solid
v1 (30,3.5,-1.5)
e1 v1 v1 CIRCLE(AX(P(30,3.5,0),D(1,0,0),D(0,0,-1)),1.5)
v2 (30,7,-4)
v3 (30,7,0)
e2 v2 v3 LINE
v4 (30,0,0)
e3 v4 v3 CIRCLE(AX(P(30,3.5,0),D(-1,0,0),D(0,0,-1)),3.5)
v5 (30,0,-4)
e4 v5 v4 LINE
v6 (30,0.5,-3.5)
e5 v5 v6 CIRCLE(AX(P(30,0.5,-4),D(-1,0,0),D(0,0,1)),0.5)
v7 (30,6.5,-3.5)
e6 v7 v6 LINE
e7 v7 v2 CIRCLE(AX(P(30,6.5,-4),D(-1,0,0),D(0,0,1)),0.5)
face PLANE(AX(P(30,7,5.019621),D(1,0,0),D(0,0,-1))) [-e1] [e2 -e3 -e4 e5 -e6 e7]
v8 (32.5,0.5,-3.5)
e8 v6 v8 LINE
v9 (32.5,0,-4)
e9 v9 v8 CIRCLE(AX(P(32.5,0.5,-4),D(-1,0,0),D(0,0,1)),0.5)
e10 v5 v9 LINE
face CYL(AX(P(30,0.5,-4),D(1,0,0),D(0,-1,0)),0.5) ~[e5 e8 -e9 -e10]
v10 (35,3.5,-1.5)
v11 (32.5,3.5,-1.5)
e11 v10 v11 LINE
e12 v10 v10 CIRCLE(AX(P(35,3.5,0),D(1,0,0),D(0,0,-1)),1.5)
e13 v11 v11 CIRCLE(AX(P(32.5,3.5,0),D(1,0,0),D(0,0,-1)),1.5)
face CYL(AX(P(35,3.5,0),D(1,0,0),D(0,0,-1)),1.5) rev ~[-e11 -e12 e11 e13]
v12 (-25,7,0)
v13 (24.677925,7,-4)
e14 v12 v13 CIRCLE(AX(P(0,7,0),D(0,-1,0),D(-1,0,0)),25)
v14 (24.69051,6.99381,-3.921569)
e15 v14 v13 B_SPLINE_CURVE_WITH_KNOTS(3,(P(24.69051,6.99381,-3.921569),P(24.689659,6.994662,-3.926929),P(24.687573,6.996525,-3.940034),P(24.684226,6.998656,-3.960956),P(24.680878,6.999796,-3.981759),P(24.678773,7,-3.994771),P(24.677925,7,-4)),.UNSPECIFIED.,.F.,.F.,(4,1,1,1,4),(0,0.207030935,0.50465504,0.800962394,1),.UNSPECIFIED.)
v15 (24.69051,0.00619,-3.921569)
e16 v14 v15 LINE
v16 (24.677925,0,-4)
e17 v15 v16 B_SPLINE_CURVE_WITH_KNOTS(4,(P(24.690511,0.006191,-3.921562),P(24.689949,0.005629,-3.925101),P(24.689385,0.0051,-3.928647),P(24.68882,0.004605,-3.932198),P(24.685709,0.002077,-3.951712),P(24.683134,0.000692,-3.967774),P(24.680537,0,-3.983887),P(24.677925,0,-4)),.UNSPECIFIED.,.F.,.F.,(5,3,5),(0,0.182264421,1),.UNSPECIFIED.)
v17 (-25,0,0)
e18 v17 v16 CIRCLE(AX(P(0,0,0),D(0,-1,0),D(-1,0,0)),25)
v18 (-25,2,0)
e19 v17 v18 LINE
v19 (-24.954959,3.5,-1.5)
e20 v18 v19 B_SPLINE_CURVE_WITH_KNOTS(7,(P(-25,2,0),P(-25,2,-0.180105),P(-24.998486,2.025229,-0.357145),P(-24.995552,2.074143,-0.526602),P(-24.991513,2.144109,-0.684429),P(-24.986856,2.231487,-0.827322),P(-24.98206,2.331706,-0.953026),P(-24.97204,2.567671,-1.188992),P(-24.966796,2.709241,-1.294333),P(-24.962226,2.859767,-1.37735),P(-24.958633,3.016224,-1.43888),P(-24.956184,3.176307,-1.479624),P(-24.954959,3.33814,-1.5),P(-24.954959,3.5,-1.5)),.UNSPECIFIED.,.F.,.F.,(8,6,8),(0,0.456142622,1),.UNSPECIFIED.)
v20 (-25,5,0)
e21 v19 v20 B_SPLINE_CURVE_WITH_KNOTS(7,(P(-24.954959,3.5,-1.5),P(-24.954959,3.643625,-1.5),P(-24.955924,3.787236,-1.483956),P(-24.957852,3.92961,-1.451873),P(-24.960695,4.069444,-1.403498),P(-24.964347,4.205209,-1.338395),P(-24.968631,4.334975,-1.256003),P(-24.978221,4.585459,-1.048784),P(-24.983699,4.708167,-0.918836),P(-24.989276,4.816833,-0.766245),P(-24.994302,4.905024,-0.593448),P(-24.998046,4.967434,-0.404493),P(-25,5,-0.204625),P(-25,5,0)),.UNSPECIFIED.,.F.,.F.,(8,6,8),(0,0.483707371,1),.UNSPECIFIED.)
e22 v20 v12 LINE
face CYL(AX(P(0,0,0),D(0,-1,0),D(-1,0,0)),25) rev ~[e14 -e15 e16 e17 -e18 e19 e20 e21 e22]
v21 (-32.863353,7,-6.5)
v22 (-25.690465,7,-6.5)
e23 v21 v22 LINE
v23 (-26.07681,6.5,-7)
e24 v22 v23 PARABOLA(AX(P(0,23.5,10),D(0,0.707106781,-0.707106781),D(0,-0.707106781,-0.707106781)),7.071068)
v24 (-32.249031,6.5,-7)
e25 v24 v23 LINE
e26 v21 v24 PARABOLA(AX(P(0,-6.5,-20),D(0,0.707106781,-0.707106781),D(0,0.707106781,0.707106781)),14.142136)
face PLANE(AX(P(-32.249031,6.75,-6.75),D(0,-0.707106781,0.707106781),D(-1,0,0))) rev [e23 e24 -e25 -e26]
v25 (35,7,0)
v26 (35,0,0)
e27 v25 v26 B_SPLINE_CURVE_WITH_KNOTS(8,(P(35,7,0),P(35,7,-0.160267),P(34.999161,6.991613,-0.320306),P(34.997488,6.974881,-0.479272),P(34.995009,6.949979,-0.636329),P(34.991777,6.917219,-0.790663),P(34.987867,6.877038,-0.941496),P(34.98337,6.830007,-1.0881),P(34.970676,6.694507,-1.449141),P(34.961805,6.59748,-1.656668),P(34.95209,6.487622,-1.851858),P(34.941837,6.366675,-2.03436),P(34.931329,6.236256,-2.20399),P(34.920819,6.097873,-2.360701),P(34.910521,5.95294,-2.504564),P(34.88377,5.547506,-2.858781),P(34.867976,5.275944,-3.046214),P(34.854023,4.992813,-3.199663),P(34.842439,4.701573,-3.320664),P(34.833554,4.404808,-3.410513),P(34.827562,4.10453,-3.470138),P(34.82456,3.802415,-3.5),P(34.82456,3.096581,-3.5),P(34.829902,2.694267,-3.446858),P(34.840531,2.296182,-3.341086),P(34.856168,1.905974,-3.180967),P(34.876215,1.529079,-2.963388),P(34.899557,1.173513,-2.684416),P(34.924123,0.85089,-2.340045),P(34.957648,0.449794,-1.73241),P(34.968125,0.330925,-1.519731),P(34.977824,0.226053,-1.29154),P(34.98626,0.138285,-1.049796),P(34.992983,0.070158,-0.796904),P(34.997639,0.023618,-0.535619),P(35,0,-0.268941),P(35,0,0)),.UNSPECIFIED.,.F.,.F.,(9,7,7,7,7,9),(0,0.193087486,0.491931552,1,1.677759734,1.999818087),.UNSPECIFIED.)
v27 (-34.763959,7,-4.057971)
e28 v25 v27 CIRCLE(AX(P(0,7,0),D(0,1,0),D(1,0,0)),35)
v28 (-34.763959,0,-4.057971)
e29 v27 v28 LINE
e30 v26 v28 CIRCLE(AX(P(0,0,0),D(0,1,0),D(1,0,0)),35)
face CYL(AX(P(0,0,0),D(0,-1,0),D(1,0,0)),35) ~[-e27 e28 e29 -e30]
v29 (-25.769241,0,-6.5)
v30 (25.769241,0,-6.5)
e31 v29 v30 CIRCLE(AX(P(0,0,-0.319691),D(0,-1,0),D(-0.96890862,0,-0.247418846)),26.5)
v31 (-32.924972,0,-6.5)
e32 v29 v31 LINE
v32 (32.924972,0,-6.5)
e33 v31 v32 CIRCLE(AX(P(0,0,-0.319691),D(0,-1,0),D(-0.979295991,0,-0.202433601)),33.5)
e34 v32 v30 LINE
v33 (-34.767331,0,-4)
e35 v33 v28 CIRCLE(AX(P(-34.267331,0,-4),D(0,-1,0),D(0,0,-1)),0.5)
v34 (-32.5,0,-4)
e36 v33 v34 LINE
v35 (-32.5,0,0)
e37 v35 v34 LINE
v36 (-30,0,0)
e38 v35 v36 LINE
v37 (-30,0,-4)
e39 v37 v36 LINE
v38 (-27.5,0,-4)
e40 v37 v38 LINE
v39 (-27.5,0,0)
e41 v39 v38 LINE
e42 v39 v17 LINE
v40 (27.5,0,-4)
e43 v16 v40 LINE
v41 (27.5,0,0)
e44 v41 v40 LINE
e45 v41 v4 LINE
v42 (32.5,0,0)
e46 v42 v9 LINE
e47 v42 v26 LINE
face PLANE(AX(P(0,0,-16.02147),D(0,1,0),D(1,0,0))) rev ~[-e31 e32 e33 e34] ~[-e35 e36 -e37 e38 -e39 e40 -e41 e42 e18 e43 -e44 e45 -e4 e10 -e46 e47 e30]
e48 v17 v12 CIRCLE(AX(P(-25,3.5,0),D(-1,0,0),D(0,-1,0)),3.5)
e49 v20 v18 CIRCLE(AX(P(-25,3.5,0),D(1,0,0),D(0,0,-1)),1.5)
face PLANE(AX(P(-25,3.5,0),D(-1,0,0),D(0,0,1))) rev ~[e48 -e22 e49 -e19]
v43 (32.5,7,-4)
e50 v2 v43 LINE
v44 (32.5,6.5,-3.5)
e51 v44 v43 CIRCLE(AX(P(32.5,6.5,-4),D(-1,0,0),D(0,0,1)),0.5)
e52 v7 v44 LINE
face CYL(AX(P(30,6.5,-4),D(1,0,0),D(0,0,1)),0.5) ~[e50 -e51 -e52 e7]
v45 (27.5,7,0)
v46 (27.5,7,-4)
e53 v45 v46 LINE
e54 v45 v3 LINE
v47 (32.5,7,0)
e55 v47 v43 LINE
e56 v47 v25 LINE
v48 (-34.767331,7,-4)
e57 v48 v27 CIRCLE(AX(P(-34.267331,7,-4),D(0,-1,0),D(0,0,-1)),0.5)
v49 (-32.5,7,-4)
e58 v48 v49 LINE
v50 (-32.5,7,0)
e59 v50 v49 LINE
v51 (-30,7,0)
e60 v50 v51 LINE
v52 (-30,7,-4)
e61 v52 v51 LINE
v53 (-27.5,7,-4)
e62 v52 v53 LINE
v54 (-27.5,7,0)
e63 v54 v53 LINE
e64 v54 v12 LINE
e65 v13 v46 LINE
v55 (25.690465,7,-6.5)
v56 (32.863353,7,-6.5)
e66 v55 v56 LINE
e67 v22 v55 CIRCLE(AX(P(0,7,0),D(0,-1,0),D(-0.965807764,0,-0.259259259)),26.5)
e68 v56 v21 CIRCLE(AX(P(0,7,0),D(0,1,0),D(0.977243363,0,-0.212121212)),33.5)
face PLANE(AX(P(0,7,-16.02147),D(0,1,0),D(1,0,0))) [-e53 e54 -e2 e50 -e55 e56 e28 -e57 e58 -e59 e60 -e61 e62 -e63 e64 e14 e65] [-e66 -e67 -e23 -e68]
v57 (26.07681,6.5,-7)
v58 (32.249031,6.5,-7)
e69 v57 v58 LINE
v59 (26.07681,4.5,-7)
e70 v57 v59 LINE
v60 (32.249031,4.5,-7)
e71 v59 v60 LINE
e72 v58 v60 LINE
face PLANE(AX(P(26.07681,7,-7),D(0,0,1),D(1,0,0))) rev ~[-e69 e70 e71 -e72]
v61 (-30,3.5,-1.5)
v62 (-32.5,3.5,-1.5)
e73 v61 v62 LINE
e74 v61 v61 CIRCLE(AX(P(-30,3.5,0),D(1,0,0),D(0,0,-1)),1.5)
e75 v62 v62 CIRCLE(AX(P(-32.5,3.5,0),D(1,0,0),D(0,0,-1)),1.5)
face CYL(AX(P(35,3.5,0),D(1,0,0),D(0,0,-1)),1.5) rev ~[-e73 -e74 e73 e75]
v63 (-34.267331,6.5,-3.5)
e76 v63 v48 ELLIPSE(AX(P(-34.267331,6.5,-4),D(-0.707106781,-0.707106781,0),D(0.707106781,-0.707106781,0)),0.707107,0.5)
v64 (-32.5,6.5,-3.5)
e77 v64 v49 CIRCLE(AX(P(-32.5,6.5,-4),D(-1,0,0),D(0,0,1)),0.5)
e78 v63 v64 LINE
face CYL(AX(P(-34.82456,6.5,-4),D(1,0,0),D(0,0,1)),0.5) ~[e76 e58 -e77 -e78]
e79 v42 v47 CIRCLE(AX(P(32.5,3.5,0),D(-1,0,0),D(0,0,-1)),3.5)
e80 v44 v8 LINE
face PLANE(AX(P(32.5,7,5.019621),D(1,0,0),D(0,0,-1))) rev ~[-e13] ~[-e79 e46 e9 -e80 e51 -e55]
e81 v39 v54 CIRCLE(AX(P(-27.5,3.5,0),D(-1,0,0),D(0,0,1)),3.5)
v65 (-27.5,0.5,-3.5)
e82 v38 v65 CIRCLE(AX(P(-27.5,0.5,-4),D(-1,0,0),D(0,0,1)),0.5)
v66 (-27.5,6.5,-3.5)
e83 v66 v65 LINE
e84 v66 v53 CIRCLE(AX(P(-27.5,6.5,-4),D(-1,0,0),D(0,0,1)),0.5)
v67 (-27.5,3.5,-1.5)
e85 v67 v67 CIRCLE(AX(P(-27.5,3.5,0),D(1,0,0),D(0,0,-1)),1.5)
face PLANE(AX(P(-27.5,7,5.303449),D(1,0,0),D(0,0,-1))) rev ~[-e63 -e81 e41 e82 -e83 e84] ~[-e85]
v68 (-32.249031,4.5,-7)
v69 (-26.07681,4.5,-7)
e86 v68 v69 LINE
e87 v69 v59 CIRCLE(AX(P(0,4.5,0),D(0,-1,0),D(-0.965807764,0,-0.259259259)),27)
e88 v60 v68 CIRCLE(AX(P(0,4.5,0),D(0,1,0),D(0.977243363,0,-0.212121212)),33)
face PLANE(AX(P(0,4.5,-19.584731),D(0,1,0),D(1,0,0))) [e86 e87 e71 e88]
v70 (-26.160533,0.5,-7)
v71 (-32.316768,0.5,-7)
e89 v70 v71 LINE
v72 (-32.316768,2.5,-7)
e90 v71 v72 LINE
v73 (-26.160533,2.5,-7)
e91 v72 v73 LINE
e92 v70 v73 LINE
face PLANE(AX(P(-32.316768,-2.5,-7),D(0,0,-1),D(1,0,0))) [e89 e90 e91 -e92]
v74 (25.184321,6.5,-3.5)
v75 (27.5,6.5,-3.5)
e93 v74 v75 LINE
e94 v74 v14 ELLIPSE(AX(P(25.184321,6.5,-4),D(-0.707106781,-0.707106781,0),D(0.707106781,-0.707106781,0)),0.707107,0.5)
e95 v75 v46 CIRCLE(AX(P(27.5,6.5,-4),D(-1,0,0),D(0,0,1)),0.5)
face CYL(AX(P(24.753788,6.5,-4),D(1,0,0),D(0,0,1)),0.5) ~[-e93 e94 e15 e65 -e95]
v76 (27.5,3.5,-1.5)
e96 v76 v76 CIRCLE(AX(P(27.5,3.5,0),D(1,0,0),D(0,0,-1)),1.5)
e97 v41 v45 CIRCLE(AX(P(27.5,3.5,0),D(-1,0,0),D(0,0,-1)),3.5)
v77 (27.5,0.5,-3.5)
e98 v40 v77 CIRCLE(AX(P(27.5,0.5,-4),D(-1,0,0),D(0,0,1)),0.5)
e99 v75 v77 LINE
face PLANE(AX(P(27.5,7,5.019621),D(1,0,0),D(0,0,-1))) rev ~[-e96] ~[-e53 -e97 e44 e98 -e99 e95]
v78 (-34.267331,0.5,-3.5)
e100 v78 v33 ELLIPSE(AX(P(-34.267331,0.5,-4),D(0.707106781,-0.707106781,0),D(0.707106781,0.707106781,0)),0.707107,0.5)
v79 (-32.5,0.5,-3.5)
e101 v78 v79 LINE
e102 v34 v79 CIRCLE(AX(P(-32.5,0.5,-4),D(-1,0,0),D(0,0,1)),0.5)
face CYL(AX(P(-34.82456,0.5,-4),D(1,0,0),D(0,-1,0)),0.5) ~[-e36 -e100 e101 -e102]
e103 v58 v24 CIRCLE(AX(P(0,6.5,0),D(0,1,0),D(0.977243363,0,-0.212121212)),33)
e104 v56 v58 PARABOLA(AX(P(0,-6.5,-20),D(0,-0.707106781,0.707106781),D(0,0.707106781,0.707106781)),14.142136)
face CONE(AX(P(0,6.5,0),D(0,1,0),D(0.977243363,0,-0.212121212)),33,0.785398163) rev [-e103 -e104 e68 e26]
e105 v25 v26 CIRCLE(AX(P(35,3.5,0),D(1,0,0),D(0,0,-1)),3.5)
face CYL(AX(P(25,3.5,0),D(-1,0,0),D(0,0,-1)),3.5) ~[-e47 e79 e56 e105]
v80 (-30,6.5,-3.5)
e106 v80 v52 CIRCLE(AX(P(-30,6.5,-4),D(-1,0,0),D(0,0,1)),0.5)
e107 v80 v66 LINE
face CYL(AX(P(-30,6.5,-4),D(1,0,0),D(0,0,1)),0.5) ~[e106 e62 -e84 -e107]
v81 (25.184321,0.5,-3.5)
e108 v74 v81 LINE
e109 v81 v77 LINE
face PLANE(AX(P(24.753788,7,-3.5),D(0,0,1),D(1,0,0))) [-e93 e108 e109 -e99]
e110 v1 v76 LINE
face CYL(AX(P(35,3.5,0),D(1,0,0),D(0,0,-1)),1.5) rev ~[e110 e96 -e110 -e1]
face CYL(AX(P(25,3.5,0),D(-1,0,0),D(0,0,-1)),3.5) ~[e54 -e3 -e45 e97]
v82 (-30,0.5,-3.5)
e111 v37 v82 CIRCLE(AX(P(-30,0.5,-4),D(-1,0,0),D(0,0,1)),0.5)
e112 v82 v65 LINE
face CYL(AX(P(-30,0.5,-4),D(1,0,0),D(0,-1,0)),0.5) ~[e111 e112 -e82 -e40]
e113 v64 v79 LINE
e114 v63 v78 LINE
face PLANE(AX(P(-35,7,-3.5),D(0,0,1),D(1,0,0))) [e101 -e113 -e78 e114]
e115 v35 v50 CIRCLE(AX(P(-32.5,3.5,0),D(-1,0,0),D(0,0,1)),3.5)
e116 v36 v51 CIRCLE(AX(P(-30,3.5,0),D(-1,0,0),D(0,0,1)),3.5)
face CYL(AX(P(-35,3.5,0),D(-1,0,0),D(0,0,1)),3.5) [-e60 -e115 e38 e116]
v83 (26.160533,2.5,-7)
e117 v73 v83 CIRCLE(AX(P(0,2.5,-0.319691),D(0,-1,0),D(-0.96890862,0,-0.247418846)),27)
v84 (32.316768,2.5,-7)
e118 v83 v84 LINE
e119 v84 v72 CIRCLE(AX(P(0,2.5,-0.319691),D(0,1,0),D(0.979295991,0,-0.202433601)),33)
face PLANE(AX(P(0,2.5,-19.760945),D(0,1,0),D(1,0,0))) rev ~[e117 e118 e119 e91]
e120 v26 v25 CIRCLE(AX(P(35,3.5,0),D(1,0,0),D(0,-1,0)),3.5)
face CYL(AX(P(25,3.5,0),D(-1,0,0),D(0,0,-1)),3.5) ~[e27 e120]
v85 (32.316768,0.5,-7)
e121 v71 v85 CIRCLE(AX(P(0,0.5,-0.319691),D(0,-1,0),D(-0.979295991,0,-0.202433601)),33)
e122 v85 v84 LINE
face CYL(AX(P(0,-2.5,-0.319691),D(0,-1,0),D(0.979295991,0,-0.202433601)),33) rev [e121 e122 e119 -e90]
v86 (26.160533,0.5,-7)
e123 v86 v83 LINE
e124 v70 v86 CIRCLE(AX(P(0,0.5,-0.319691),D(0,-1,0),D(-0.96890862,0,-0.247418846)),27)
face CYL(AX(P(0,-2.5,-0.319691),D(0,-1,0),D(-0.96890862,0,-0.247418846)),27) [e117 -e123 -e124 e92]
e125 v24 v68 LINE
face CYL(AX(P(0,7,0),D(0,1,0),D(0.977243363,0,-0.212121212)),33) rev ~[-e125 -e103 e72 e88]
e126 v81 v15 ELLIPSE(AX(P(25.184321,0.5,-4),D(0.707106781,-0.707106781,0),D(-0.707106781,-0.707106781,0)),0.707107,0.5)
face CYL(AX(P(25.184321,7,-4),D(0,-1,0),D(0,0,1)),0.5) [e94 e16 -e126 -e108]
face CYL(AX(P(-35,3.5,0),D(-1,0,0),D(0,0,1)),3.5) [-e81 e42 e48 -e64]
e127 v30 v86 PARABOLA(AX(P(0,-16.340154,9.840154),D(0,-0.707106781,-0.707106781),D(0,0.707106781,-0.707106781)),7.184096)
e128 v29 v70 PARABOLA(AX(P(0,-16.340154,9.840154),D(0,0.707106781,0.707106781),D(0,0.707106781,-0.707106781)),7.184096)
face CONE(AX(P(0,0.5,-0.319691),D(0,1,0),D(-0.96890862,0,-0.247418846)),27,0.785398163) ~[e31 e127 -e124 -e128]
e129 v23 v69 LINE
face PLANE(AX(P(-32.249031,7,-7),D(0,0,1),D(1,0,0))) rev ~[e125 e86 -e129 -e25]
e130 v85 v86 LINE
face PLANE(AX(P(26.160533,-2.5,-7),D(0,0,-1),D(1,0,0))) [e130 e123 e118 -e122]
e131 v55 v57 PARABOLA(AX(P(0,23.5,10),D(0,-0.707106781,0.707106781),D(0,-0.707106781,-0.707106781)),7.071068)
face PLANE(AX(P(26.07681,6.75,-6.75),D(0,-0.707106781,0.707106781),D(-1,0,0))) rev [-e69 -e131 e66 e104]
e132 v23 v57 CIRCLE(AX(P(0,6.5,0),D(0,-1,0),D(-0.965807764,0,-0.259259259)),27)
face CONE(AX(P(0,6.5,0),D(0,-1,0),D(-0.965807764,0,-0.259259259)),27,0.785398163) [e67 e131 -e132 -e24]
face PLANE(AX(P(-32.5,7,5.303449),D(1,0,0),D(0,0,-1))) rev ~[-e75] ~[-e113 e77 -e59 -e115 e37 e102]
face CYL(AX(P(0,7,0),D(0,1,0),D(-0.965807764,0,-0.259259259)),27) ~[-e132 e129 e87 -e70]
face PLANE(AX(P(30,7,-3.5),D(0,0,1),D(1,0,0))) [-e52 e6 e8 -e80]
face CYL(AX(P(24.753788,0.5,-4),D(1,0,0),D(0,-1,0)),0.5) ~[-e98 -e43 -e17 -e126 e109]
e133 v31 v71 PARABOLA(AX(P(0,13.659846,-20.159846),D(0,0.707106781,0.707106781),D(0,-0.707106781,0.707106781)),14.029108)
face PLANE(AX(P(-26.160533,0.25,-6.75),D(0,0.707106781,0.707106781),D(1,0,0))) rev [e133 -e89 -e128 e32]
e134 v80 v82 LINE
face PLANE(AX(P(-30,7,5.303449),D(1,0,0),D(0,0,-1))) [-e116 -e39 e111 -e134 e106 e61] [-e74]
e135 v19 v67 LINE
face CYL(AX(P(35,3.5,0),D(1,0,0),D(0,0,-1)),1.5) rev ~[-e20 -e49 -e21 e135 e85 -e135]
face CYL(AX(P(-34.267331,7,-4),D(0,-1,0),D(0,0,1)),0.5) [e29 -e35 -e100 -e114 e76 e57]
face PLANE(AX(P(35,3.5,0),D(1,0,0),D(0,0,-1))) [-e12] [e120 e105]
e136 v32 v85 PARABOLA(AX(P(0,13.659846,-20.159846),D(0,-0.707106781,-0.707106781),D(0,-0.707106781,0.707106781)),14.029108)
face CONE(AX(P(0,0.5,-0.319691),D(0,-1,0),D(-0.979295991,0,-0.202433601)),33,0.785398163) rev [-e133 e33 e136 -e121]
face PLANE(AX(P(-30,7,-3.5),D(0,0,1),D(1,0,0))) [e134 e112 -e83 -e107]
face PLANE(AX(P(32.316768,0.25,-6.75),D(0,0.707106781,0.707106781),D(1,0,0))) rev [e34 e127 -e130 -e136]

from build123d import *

# Parameters (mm, degrees)
EXTRUDE_1_DEPTH          = 7
CUT_EXTRUDE_3_DEPTH      = 2.5
CUT_EXTRUDE_6_DEPTH      = 2.5
CUT_EXTRUDE_6_DEPTH_BACK = 2.5
SKETCH_11_R              = 3.5
EXTRUDE_4_DEPTH          = 10
EXTRUDE_START            = -10
SKETCH_13_R              = 3.5
EXTRUDE_5_DEPTH          = 10
SKETCH_12_W              = 2.5
SKETCH_12_H              = 8.803448755
SKETCH_12_W_2            = 2.746212411
SKETCH_12_H_2            = 8.519621178
CUT_EXTRUDE_10_DEPTH     = 10
CHAMFER_1_SIZE           = 0.5
CHAMFER_2_SIZE           = 0.5
FILLET_1_R               = 0.5
SKETCH_14_R              = 1.5
CUT_EXTRUDE_11_DEPTH     = 123


with BuildPart() as part:
    # Sketch 2 → Extrude 1 (new body)
    with BuildSketch(Plane(origin=(0, 0, 0), x_dir=(1, 0, 0), z_dir=(0, 1, 0))):
        with BuildLine():
            Line((-35, 0), (-25, 0))
            ThreePointArc((-25, 0), (0, 25), (25, 0))
            Line((25, 0), (35, 0))
            ThreePointArc((35, 0), (0, 35), (-35, 0))
        make_face()
    extrude(amount=EXTRUDE_1_DEPTH)

    # Sketch 3 → Cut-Extrude 3 (cut)
    with BuildSketch(Plane(origin=(0, 7, 0), x_dir=(1, 0, 0), z_dir=(0, 1, 0))):
        with BuildLine():
            Line((26.076809621, 7), (32.249030993, 7))
            ThreePointArc((32.249030993, 7), (0, 33), (-32.249030993, 7))
            Line((-32.249030993, 7), (-26.076809621, 7))
            ThreePointArc((-26.076809621, 7), (0, 27), (26.076809621, 7))
        make_face()
    extrude(amount=-CUT_EXTRUDE_3_DEPTH, mode=Mode.SUBTRACT)

    # Sketch 5 → Cut-Extrude 6 (cut, two sides: drawn at the far end of the back side and taken through both)
    with BuildSketch(Plane(origin=(0, 0, 0), x_dir=(1, 0, 0), z_dir=(0, 1, 0)).offset(-CUT_EXTRUDE_6_DEPTH_BACK)):
        with BuildLine():
            Line((26.160532749, 7), (32.316767687, 7))
            ThreePointArc((32.316767687, 7), (0, 33.319691154), (-32.316767687, 7))
            Line((-32.316767687, 7), (-26.160532749, 7))
            ThreePointArc((-26.160532749, 7), (0, 27.319691154), (26.160532749, 7))
        make_face()
    extrude(amount=CUT_EXTRUDE_6_DEPTH + CUT_EXTRUDE_6_DEPTH_BACK, mode=Mode.SUBTRACT)

    # Sketch 11 → Extrude 4 (add)
    with BuildSketch(Plane.ZY.offset(35)):
        with Locations((0, 3.5)):
            Circle(SKETCH_11_R)
    extrude(amount=-EXTRUDE_4_DEPTH)

    # Sketch 13 → Extrude 5 (add)
    with BuildSketch(Plane(origin=(35, 0, 0), x_dir=(0, 0, -1), z_dir=(1, 0, 0)).offset(EXTRUDE_START)):
        with Locations((0, 3.5)):
            Circle(SKETCH_13_R)
    extrude(amount=EXTRUDE_5_DEPTH)

    # Sketch 12 → Cut-Extrude 10 (cut)
    with BuildSketch(Plane(origin=(0, 7, 0), x_dir=(1, 0, 0), z_dir=(0, 1, 0))):
        with Locations((-33.75, -0.901724378)):
            Rectangle(SKETCH_12_W, SKETCH_12_H)
        with Locations((-28.75, -0.901724378)):
            Rectangle(SKETCH_12_W, SKETCH_12_H)
        with Locations((26.126893794, -0.759810589)):
            Rectangle(SKETCH_12_W_2, SKETCH_12_H_2)
        with Locations((31.25, -0.759810589)):
            Rectangle(SKETCH_12_W, SKETCH_12_H_2)
    extrude(amount=-CUT_EXTRUDE_10_DEPTH, mode=Mode.SUBTRACT)

    # Chamfer 1
    chamfer_1_edges = [part.edges().sort_by_distance(p)[0] for p in [
        (0, 7, -33),
        (-29.162920307, 7, -7),
        (0, 7, -27),
        (29.162920307, 7, -7),
    ]]
    chamfer(chamfer_1_edges, length=CHAMFER_1_SIZE)

    # Chamfer 2
    chamfer_2_edges = [part.edges().sort_by_distance(p)[0] for p in [
        (29.238650218, 0, -7),
        (0, 0, -27.319691154),
        (-29.238650218, 0, -7),
        (0, 0, -33.319691154),
    ]]
    chamfer(chamfer_2_edges, length=CHAMFER_2_SIZE)

    # Fillet 1
    fillet_1_edges = [part.edges().sort_by_distance(p)[0] for p in [
        (26.126893794, 0, -3.5),
        (24.753787589, 3.5, -3.5),
        (26.126893794, 7, -3.5),
        (31.25, 0, -3.5),
        (31.25, 7, -3.5),
        (-33.662280149, 0, -3.5),
        (-34.824560299, 3.5, -3.5),
        (-33.662280149, 7, -3.5),
        (-28.75, 0, -3.5),
        (-28.75, 7, -3.5),
    ]]
    fillet(fillet_1_edges, radius=FILLET_1_R)

    # Sketch 14 → Cut-Extrude 11 (cut)
    with BuildSketch(Plane(origin=(35, 0, 0), x_dir=(0, 0, -1), z_dir=(1, 0, 0))):
        with Locations((0, 3.5)):
            Circle(SKETCH_14_R)
    extrude(amount=-CUT_EXTRUDE_11_DEPTH, mode=Mode.SUBTRACT)


solid = part.part
